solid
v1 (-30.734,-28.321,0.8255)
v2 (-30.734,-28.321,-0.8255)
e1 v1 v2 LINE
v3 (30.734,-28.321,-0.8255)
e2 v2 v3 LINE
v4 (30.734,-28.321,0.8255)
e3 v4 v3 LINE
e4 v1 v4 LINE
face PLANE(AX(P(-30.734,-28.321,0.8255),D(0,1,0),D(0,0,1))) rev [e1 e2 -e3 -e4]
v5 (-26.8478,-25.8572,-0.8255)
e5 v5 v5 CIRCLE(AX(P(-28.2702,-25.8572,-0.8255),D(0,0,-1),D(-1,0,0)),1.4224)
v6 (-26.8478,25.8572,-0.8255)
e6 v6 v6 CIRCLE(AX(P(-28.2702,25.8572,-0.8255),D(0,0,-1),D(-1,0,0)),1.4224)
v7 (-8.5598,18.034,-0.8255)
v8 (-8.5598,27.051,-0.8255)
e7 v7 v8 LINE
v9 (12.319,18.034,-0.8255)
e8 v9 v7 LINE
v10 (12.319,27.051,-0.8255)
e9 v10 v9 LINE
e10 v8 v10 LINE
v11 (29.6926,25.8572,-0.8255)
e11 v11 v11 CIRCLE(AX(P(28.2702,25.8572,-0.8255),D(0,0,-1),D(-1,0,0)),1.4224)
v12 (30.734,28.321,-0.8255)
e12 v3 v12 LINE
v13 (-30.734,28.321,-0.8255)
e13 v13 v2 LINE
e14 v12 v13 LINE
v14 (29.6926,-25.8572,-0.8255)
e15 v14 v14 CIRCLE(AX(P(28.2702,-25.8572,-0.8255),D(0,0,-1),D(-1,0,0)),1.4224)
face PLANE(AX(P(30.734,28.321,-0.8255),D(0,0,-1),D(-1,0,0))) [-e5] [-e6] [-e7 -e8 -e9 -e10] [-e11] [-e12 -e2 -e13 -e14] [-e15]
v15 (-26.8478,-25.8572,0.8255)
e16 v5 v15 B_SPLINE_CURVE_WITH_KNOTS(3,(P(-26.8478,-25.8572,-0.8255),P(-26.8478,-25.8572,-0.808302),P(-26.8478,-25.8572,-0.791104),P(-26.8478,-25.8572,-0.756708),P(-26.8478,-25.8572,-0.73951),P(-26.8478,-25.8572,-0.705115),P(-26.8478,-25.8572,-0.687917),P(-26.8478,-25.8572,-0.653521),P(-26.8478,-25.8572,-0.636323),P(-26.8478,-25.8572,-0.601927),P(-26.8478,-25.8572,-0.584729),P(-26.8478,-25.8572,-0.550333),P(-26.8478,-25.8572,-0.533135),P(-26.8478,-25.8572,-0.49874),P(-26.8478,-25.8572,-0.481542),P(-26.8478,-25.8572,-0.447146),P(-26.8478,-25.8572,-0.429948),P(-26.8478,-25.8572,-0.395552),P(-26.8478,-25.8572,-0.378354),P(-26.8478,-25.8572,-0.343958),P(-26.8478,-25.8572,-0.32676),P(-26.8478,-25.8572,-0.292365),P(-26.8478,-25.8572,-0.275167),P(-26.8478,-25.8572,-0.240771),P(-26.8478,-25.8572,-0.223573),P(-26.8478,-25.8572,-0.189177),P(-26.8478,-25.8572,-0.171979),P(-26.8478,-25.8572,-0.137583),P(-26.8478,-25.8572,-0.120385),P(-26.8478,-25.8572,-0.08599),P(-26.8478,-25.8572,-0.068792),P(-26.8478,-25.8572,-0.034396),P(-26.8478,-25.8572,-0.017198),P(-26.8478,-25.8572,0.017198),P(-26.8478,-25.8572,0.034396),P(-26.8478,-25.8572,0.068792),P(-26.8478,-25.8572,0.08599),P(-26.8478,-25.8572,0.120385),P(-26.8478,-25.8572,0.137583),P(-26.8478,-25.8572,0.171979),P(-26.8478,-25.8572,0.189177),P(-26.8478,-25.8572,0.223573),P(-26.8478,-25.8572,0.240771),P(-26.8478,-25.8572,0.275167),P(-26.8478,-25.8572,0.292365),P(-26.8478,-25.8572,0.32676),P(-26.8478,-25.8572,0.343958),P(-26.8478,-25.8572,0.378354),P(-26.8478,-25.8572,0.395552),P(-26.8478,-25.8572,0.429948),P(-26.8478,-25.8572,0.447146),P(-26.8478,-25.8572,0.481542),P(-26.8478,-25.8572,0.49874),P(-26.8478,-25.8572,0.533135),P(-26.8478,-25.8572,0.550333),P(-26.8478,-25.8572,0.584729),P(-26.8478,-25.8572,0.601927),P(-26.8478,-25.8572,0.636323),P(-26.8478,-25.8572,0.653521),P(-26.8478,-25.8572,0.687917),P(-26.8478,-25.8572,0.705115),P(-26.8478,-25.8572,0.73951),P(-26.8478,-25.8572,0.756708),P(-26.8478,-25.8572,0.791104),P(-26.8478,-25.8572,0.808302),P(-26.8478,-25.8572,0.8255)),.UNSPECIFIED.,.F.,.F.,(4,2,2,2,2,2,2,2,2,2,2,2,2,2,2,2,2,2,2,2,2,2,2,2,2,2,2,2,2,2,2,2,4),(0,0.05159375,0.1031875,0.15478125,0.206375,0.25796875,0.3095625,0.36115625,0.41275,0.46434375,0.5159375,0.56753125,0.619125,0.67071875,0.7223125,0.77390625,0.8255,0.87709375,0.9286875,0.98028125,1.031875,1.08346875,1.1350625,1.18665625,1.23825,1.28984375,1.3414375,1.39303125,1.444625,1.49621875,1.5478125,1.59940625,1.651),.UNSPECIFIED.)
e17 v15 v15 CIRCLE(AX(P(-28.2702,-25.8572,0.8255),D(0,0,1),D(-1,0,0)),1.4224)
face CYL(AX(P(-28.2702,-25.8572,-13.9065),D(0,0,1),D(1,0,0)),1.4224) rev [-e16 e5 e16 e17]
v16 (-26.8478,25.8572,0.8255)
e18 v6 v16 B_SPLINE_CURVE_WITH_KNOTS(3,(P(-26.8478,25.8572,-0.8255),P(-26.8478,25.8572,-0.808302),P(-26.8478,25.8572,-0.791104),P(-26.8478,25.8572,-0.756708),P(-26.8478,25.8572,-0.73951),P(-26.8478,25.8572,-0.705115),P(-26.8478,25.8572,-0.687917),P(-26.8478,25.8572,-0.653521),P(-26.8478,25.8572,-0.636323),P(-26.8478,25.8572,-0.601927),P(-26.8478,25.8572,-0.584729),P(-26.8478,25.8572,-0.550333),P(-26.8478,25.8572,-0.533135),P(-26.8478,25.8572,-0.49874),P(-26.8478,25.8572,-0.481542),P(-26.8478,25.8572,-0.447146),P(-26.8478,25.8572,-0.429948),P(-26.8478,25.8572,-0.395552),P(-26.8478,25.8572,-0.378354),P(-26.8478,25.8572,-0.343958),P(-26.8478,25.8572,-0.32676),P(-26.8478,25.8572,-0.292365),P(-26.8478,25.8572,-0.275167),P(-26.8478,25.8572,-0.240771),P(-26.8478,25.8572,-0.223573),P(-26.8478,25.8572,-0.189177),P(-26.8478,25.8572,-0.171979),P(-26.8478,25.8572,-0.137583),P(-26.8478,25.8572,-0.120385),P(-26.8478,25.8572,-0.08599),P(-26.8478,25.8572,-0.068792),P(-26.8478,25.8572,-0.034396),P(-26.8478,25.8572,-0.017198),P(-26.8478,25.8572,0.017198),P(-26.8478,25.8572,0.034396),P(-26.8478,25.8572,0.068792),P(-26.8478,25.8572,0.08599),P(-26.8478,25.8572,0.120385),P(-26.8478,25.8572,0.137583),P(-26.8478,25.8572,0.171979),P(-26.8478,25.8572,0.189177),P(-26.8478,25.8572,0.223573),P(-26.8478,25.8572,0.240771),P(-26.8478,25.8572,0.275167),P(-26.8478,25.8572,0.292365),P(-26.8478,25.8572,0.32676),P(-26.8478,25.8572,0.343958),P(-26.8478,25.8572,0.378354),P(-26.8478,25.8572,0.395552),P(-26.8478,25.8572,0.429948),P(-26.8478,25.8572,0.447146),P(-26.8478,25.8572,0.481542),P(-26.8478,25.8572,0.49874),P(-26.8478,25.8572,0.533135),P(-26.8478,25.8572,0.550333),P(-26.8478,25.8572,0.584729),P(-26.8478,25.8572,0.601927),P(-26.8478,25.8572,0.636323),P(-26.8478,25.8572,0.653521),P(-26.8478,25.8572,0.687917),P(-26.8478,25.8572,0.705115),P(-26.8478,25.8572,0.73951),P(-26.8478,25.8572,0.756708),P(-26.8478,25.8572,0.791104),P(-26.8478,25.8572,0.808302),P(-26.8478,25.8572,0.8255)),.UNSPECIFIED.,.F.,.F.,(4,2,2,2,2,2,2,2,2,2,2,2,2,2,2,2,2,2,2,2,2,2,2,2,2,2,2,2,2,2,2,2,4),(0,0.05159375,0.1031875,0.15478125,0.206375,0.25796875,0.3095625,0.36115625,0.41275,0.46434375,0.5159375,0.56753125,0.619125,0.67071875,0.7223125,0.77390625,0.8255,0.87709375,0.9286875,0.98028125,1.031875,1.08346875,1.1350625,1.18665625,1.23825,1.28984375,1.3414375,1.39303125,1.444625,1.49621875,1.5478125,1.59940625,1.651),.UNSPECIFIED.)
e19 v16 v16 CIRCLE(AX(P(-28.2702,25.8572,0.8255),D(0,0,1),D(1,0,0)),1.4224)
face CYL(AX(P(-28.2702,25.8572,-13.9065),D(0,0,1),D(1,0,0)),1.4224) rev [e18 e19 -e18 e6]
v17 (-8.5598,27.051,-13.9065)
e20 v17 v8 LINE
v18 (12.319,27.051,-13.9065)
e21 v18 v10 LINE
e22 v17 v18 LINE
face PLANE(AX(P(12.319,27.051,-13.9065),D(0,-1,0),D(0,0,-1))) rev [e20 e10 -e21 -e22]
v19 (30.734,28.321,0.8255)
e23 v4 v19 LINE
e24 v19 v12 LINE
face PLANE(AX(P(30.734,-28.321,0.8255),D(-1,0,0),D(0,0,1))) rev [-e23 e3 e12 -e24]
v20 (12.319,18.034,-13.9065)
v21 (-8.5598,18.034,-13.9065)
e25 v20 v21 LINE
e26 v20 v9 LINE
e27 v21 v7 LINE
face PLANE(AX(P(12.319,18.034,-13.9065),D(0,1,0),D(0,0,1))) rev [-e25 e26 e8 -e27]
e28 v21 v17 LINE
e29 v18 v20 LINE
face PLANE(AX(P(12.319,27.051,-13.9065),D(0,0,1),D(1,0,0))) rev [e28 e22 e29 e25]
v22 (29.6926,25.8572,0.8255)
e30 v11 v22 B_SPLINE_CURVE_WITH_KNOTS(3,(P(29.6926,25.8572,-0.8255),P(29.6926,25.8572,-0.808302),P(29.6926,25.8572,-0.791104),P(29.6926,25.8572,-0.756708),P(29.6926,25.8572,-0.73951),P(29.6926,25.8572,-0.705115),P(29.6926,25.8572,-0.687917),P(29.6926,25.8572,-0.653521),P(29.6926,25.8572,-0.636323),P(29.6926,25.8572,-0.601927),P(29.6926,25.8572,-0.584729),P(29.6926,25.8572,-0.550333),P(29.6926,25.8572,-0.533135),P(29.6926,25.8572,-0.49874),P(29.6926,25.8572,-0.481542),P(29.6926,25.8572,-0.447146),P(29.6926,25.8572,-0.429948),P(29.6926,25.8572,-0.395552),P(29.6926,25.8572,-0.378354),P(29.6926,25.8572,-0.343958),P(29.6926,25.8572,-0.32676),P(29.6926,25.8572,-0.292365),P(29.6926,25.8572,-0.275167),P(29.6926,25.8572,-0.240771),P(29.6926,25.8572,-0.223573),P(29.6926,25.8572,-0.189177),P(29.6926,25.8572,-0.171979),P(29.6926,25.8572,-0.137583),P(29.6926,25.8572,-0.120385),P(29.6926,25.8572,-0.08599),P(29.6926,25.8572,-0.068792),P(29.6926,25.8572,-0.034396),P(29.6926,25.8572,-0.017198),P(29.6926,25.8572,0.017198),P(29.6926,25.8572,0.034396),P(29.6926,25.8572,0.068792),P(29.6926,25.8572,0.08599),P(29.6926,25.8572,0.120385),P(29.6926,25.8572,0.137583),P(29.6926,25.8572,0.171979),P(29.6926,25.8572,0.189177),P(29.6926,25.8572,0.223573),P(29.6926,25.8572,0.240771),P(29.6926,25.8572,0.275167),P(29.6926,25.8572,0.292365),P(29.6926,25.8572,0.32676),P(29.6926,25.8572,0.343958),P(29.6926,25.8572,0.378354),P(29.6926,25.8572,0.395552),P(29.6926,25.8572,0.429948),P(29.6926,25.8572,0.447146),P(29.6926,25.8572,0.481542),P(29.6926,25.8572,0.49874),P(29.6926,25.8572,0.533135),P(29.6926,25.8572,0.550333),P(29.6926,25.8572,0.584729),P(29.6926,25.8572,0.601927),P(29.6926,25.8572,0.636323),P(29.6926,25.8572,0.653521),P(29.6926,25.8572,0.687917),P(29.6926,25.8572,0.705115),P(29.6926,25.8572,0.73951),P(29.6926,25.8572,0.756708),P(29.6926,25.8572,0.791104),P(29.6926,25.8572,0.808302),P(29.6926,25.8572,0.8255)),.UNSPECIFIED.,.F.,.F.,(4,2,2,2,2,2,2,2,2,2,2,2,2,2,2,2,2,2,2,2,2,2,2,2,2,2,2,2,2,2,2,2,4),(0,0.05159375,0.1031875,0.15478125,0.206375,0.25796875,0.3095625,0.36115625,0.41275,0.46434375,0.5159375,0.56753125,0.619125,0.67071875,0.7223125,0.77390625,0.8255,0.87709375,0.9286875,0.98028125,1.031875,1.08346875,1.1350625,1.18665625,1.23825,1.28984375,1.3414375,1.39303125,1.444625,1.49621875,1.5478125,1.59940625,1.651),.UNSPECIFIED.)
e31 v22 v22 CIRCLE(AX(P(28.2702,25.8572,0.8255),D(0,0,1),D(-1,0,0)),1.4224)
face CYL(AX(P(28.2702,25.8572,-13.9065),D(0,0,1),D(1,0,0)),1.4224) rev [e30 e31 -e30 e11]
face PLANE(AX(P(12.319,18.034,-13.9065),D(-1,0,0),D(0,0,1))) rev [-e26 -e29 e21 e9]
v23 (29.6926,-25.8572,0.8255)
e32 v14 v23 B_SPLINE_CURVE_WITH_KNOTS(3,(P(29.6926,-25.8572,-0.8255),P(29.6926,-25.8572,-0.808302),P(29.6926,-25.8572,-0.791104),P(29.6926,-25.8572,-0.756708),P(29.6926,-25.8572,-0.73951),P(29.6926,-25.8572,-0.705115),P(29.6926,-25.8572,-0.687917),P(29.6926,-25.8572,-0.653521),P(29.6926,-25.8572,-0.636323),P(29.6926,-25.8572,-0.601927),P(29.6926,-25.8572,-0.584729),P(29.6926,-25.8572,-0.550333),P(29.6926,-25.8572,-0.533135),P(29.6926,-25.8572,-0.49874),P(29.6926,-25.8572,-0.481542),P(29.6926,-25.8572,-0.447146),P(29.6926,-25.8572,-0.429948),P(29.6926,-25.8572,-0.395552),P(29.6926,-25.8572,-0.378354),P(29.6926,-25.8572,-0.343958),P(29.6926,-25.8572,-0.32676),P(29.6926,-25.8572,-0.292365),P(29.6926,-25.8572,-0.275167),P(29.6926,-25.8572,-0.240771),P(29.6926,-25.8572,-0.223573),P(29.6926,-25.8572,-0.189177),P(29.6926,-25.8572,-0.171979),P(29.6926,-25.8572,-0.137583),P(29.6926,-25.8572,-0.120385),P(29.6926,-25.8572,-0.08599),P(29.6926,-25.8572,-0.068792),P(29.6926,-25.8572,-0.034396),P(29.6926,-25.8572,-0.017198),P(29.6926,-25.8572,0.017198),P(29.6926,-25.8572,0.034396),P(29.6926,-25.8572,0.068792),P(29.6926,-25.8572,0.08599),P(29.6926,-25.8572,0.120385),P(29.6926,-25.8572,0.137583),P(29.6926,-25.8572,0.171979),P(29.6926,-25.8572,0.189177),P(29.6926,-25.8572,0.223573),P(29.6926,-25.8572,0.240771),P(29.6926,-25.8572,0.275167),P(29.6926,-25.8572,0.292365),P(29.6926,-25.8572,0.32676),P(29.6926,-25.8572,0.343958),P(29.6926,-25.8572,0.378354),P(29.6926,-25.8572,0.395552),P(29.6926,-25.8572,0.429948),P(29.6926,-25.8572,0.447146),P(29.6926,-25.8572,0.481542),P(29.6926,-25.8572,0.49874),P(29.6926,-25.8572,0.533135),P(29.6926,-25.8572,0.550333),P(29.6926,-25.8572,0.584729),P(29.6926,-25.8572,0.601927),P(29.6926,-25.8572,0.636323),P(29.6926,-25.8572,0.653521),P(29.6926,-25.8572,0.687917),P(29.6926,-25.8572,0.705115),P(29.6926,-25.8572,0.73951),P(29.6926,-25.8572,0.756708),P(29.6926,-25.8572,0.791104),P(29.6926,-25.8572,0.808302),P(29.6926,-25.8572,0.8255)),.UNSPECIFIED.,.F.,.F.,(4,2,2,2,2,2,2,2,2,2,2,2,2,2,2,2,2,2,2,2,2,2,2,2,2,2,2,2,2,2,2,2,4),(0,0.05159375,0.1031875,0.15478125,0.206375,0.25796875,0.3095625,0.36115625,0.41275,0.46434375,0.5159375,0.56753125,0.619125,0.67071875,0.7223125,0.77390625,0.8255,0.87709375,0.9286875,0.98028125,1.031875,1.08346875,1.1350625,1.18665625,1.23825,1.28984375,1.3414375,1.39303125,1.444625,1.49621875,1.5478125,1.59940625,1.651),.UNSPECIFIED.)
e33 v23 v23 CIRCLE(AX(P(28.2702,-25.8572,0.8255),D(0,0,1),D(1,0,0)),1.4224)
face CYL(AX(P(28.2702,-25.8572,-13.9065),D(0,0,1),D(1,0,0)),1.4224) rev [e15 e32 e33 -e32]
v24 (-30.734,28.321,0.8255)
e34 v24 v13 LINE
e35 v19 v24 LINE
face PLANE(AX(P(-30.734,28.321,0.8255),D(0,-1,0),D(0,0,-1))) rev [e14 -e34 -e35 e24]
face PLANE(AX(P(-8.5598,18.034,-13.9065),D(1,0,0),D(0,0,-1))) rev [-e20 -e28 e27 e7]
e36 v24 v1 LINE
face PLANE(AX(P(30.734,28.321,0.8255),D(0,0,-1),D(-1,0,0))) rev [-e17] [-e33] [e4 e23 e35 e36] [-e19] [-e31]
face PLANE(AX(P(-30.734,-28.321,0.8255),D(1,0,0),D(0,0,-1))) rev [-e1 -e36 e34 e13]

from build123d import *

# Parameters (mm, degrees)
SKETCH1_W           = 61.468
SKETCH1_H           = 56.642
BOSS_EXTRUDE1_DEPTH = 0.8255
SKETCH6_W           = 20.8788
SKETCH6_H           = 9.017
BOSS_EXTRUDE3_DEPTH = 13.081
SKETCH3_R           = 1.4224
CUT_EXTRUDE1_DEPTH  = 45.313537672


with BuildPart() as part:
    # Sketch1 → Boss-Extrude1 (new, symmetric)
    with BuildSketch(Plane.XY):
        Rectangle(SKETCH1_W, SKETCH1_H)
    extrude(amount=BOSS_EXTRUDE1_DEPTH, both=True)

    # Sketch6 → Boss-Extrude3 (add)
    with BuildSketch(Plane(origin=(0, 0, -0.8255), x_dir=(-1, 0, 0), z_dir=(0, 0, -1))):
        with Locations((-1.8796, 22.5425)):
            Rectangle(SKETCH6_W, SKETCH6_H)
    extrude(amount=BOSS_EXTRUDE3_DEPTH)

    # Sketch3 → Cut-Extrude1 (cut, through all)
    with BuildSketch(Plane.XY.offset(0.8255)):
        with Locations((-28.2702, 25.8572)):
            Circle(SKETCH3_R)
        with Locations((28.2702, 25.8572)):
            Circle(SKETCH3_R)
        with Locations((28.2702, -25.8572)):
            Circle(SKETCH3_R)
        with Locations((-28.2702, -25.8572)):
            Circle(SKETCH3_R)
    extrude(amount=-CUT_EXTRUDE1_DEPTH, mode=Mode.SUBTRACT)


solid = part.part
